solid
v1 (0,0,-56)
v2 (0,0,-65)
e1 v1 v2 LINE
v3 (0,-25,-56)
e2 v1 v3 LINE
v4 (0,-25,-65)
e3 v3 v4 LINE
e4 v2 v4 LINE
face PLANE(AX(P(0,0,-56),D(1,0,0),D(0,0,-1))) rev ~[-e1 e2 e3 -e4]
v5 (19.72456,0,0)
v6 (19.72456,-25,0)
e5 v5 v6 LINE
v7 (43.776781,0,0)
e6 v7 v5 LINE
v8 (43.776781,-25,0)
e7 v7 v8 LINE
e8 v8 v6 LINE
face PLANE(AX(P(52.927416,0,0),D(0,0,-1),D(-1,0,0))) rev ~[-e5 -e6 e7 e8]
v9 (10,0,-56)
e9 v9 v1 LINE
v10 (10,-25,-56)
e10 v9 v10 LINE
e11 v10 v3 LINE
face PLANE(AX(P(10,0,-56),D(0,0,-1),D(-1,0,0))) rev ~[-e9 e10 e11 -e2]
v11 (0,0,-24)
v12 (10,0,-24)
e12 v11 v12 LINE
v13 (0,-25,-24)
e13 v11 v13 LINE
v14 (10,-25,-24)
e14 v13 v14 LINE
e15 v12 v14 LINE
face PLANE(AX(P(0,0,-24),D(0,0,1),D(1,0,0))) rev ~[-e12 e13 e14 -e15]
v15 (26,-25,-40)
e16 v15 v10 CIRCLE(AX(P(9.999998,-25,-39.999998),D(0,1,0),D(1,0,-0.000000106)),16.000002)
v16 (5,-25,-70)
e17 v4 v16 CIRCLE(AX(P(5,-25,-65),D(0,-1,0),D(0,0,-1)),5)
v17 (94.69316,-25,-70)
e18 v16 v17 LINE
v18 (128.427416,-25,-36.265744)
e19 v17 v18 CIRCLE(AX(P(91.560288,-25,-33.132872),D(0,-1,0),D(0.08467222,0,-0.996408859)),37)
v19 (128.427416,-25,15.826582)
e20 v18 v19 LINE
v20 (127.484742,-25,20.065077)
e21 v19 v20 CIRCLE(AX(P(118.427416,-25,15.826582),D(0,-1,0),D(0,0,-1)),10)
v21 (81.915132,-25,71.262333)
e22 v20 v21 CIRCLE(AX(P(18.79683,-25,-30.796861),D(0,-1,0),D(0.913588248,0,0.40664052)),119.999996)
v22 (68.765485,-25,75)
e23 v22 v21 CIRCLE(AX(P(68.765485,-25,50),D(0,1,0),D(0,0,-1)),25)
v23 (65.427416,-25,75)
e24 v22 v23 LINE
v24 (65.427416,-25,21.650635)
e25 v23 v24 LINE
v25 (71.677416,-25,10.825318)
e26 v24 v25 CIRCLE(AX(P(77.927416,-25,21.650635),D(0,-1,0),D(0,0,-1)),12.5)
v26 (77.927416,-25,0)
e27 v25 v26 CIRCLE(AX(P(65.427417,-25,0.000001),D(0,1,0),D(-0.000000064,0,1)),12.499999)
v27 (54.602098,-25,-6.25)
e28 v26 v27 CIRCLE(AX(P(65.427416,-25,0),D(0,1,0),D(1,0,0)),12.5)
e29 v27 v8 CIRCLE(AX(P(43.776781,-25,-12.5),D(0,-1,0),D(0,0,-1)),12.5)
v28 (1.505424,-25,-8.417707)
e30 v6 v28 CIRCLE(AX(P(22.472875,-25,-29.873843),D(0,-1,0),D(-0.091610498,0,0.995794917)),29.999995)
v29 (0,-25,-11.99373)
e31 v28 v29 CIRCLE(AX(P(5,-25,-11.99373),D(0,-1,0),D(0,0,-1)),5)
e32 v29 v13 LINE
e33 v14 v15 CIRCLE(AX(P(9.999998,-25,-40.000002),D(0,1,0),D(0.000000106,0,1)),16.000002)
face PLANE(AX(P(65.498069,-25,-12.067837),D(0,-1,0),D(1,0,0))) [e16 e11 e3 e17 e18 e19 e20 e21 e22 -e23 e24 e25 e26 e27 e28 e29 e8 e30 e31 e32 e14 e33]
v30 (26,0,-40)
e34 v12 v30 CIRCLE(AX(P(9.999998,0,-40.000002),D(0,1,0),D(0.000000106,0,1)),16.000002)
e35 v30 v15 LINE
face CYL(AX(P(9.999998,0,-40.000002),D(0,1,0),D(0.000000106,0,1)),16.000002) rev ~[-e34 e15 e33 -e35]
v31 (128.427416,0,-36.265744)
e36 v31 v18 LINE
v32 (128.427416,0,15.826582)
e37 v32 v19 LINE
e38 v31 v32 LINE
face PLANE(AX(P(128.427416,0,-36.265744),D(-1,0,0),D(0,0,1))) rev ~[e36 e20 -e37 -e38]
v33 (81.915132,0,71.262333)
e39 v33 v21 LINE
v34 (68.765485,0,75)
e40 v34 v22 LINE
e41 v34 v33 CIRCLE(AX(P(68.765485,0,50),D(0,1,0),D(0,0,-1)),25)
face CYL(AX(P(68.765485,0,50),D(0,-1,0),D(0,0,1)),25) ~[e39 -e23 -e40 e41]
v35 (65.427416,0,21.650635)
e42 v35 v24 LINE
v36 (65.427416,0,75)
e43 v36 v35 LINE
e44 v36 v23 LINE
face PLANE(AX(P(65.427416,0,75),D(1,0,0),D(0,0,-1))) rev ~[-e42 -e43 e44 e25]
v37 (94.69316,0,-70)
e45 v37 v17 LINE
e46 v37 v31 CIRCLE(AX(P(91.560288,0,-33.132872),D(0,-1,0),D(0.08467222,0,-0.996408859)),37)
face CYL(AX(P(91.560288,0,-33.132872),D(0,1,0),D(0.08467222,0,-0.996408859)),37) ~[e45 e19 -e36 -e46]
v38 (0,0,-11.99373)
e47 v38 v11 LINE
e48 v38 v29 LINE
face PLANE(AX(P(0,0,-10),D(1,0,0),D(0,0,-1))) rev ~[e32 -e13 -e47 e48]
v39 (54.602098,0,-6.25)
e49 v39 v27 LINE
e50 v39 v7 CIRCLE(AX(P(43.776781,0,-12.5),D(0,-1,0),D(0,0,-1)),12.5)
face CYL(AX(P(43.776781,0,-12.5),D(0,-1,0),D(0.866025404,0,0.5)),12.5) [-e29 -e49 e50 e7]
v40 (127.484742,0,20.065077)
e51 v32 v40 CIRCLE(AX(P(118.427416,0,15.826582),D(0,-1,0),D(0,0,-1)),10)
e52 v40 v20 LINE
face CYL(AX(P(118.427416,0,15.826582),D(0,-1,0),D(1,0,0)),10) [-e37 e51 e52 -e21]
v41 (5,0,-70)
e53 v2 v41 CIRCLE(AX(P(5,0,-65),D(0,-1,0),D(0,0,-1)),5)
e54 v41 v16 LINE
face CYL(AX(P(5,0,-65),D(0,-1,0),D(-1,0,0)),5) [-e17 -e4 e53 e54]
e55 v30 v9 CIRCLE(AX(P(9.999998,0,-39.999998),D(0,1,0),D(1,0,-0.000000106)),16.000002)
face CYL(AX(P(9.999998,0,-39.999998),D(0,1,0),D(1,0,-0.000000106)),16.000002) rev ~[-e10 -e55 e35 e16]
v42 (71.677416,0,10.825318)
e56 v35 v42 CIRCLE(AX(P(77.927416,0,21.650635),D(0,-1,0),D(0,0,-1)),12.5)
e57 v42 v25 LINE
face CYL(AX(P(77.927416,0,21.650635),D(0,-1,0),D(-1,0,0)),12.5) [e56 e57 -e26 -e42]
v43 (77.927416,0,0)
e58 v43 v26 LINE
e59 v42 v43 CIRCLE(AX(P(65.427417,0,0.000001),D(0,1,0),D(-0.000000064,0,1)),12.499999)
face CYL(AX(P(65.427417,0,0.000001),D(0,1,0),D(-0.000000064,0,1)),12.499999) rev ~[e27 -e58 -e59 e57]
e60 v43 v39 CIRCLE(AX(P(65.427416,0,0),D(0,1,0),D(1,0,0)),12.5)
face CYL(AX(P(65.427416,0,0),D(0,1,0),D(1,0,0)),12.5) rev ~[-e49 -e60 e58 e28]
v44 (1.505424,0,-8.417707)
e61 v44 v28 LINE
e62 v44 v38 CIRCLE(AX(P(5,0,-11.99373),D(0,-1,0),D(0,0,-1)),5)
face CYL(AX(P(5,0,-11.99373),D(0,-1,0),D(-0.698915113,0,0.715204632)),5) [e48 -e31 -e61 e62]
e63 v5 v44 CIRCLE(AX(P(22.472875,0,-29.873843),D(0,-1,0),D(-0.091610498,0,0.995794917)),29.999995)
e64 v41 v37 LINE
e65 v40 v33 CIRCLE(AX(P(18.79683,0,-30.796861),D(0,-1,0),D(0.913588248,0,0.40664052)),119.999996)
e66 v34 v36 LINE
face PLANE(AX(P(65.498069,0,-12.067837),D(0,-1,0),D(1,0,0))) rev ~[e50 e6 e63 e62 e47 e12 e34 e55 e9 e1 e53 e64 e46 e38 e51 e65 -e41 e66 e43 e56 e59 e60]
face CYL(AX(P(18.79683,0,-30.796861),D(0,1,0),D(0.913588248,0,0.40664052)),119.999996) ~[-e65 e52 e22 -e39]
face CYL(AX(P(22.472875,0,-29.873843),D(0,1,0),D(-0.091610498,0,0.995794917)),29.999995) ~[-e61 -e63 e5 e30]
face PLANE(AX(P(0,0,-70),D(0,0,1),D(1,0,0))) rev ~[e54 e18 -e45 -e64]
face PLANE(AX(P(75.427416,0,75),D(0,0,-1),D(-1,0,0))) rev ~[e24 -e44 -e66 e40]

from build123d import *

# Parameters (mm, degrees)
F1_DEPTH = 25
F2_R     = 12.5
F3_R     = 12.5
F4_R     = 25
F5_R     = 5
F6_R     = 5
F7_R     = 10


with BuildPart() as f1:
    # F0 (on Front) → F1 (new body)
    with BuildSketch(Plane.XZ):
        with BuildLine():
            Line((25.221193, 0), (19.72456, 0))
            ThreePointArc((19.72456, 0), (8.907216, -3.116178), (0, -10))
            Line((0, -10), (0, -24))
            Line((0, -24), (10, -24))
            ThreePointArc((10, -24), (21.313708, -28.686292), (26, -40))
            ThreePointArc((26, -40), (21.313708, -51.313708), (10, -56))
            Line((10, -56), (0, -56))
            Line((0, -56), (0, -70))
            Line((0, -70), (88.427416, -70))
            Line((88.427416, -70), (94.69316, -70))
            ThreePointArc((94.69316, -70), (117.723239, -59.295823), (128.427416, -36.265744))
            Line((128.427416, -36.265744), (128.427416, -30))
            Line((128.427416, -30), (128.427416, 18))
            ThreePointArc((128.427416, 18), (106.677114, 50.916386), (75.427416, 75))
            Line((75.427416, 75), (65.427416, 75))
            Line((65.427416, 75), (65.427416, 12.5))
            ThreePointArc((65.427416, 12.5), (74.266251, 8.838835), (77.927416, 0))
            ThreePointArc((77.927416, 0), (65.427416, -12.5), (52.927416, 0))
            Line((52.927416, 0), (25.221193, 0))
        make_face()
    extrude(amount=F1_DEPTH)

    # F2
    f2_edges = [f1.edges().sort_by_distance(p)[0] for p in [
        (65.427416, -12.5, 12.5),
    ]]
    fillet(f2_edges, radius=F2_R)

    # F3
    f3_edges = [f1.edges().sort_by_distance(p)[0] for p in [
        (52.927416, -12.5, 0),
    ]]
    fillet(f3_edges, radius=F3_R)

    # F4
    f4_edges = [f1.edges().sort_by_distance(p)[0] for p in [
        (75.427416, -12.5, 75),
    ]]
    fillet(f4_edges, radius=F4_R)

    # F5
    f5_edges = [f1.edges().sort_by_distance(p)[0] for p in [
        (0, -12.5, -10),
    ]]
    fillet(f5_edges, radius=F5_R)

    # F6
    f6_edges = [f1.edges().sort_by_distance(p)[0] for p in [
        (0, -12.5, -70),
    ]]
    fillet(f6_edges, radius=F6_R)

    # F7
    f7_edges = [f1.edges().sort_by_distance(p)[0] for p in [
        (128.427416, -12.5, 18),
    ]]
    fillet(f7_edges, radius=F7_R)


solid = f1.part
